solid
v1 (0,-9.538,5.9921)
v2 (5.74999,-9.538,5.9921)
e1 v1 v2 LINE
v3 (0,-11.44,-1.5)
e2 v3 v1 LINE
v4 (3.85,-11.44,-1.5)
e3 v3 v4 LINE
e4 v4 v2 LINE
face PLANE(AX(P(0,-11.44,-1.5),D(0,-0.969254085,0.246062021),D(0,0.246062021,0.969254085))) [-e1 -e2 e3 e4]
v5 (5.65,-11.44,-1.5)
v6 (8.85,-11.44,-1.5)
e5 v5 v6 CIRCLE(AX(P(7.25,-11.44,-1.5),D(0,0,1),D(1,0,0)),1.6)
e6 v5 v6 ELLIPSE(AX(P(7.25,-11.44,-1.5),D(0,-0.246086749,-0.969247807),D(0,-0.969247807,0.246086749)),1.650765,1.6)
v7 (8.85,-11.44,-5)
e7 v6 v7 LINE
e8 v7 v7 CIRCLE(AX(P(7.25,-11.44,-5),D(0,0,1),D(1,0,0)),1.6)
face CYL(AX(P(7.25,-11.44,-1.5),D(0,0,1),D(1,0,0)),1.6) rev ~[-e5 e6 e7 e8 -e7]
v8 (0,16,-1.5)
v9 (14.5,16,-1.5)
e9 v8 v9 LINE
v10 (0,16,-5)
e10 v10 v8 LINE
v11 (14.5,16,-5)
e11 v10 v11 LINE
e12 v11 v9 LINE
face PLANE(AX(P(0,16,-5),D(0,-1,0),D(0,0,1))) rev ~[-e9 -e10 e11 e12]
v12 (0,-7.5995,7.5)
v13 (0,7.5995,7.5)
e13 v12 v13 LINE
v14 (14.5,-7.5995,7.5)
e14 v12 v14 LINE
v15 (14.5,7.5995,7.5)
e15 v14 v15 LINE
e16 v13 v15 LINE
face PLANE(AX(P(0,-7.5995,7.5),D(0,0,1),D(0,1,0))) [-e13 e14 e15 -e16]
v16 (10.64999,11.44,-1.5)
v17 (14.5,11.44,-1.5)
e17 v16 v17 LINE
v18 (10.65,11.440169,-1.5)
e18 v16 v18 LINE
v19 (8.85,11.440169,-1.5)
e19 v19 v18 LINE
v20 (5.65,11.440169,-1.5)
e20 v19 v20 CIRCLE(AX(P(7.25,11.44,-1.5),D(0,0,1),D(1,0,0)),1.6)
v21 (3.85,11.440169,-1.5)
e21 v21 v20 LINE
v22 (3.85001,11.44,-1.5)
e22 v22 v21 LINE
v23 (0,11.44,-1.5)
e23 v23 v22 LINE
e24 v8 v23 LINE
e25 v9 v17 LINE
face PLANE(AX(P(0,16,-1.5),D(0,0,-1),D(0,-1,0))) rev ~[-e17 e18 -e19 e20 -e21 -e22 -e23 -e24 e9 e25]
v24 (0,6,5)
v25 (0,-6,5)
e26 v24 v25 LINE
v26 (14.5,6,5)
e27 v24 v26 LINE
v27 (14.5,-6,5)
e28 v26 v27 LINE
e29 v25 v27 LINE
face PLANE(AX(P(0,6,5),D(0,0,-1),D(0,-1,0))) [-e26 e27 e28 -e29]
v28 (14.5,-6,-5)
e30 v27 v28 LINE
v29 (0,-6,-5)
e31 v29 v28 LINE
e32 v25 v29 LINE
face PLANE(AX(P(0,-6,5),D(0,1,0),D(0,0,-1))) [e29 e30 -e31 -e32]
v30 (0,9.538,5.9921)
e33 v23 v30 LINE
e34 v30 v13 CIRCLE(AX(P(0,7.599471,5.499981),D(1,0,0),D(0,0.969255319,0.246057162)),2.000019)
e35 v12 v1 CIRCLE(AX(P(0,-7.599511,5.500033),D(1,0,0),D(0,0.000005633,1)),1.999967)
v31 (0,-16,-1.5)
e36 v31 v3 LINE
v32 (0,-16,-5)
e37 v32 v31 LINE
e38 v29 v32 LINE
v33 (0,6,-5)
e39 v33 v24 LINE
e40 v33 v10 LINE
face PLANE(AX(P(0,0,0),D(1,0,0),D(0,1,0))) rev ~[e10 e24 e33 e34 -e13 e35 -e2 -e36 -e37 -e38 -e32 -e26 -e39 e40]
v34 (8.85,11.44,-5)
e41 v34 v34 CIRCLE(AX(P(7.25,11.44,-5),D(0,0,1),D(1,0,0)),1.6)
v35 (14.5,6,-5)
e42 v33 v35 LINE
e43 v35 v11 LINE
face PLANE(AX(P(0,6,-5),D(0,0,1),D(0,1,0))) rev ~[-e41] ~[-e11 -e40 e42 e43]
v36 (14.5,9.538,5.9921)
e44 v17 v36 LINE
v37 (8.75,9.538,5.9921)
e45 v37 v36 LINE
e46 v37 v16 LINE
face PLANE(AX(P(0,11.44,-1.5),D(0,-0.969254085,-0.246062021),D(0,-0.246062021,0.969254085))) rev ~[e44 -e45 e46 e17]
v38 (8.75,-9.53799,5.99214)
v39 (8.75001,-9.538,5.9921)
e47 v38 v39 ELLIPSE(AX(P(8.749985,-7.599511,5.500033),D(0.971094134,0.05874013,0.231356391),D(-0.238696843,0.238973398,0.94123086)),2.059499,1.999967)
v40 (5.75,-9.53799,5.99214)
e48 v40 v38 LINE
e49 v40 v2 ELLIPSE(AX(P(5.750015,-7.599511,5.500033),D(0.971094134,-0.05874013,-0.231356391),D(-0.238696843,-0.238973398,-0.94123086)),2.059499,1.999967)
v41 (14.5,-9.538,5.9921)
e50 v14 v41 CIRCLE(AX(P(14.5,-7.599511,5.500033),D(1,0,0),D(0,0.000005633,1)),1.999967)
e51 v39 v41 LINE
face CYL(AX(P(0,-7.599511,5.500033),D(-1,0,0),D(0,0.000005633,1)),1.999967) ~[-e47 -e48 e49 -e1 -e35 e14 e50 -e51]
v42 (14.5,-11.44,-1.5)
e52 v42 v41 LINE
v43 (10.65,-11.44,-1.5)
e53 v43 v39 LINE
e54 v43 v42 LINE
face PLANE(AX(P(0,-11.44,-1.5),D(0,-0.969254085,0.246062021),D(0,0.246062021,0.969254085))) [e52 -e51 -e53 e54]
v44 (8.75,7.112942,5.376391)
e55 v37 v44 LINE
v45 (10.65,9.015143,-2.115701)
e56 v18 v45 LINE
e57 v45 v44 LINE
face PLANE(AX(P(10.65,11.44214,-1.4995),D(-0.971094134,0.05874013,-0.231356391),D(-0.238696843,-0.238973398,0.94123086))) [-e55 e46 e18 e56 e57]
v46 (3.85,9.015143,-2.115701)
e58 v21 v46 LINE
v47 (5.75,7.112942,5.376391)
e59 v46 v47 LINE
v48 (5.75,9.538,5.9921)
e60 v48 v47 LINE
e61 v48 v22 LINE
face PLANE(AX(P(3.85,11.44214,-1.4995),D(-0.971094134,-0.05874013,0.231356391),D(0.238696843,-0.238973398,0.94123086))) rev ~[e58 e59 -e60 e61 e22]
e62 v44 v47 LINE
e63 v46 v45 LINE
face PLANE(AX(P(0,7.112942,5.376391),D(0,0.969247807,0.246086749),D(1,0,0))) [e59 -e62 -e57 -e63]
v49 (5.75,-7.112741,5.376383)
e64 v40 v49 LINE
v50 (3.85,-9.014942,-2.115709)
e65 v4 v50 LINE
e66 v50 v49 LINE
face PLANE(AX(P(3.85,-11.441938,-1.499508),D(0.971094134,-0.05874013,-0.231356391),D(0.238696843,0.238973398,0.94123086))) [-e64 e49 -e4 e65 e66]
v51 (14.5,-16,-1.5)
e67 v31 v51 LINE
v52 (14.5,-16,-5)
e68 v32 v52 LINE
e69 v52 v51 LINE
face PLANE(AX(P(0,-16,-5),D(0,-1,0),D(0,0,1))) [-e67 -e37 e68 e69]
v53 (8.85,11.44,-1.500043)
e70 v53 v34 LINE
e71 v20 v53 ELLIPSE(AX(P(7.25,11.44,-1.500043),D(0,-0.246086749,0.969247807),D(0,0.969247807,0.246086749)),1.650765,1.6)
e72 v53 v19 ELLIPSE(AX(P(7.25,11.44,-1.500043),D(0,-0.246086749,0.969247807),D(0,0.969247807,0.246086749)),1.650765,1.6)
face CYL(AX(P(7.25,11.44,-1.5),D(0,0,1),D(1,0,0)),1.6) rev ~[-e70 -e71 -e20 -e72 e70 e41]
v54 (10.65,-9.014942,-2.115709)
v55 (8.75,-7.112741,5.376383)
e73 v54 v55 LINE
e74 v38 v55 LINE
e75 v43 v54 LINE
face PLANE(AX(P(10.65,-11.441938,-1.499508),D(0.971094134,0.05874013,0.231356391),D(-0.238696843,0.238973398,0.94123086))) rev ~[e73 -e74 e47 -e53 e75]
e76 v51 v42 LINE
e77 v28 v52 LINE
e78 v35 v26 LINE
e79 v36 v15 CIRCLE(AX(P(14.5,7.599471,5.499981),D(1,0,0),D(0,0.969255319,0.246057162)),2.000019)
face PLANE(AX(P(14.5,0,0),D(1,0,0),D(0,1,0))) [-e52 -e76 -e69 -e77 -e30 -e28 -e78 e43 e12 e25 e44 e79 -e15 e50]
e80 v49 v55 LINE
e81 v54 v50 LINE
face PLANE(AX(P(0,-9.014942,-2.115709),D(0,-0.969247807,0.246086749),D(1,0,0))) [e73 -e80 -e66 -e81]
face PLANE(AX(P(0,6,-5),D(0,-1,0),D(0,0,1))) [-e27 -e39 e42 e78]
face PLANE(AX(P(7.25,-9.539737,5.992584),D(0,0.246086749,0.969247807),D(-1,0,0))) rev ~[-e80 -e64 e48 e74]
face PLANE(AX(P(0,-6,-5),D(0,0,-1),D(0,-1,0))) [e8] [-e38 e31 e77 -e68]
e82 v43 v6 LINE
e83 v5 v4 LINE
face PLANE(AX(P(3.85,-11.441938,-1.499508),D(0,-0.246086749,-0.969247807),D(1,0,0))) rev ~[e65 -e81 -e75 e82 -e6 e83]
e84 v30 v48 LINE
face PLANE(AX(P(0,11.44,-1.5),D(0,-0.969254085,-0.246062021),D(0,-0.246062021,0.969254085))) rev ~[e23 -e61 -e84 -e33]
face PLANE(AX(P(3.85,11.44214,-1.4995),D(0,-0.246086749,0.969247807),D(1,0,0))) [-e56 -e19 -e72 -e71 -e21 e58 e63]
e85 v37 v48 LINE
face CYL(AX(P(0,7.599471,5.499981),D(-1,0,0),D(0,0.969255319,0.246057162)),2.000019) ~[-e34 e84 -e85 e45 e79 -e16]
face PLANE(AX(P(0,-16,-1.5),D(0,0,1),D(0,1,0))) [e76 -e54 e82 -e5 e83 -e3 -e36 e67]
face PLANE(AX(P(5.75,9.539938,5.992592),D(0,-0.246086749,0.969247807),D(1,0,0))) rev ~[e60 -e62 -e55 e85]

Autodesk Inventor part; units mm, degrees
ref_plane "YZ Plane" through (0, 0, 0) normal (1, 0, 0) x (0, 1, 0)
ref_plane "XZ Plane" through (0, 0, 0) normal (0, 1, 0) x (-1, 0, 0)
ref_plane "XY Plane" through (0, 0, 0) normal (0, 0, 1) x (1, 0, 0)
sketch "Sketch1" plane through (0, 0, 0) normal (1, 0, 0) x (0, 1, 0)
  line L0 (-6, -5) -> (0, -5) construction
  line L1 (6, -5) -> (6, 5)
  line L2 (6, 5) -> (-6, 5)
  line L3 (-6, 5) -> (-6, -5)
  line L4 (-6, -5) -> (6, 5) construction
  line L5 (6, -5) -> (-6, 5) construction
  line L6 (-7.5995, 7.5) -> (7.5995, 7.5)
  line L7 (9.1552, -7.5) -> (-9.1552, 7.5) construction
  line L8 (-9.1552, -7.5) -> (9.1552, 7.5) construction
  line L9 (9.1552, -7.5) -> (9, -7.5)
  line L10 (-9, -7.5) -> (-9.1552, -7.5)
  line L11 (-6, -5) -> (-16, -5)
  line L12 (-16, -5) -> (-16, -1.5)
  line L13 (-16, -1.5) -> (-11.44, -1.5)
  line L14 (-11.44, -1.5) -> (-9.538, 5.9921)
  line L15 (0, 0) -> (0, 13.1521) construction
  line L16 (9.1552, -7.5) -> (-9.1552, 7.5) construction
  line L17 (9, -7.5) -> (9.1552, -7.5)
  line L18 (6, -5) -> (16, -5)
  line L19 (16, -5) -> (16, -1.5)
  line L20 (16, -1.5) -> (11.44, -1.5)
  line L21 (11.44, -1.5) -> (9.538, 5.9921)
  arc A0 (-7.5995, 7.5) -> (-9.538, 5.9921) centre (-7.5995, 5.5) ccw
  arc A1 (9.538, 5.9921) -> (7.5995, 7.5) centre (7.5995, 5.5) ccw
  dimension "d0" = 12
  dimension "d1" = 10
  dimension "d2" = 2.5
  dimension "d3" = 10
  dimension "d4" = 3.5
  dimension "d5" = 4.56
  dimension "d6" = 2
extrude "Extrusion1" add sketch "Sketch1" along normal blind 14.5
sketch "Sketch2" plane through (0, 9.538, 5.9921) normal (0, 0.9693, 0.2461) x (1, 0, 0)
  line L0 (0, 7.7298) -> (14.5, 7.7298) projected
  line L1 (7.25, 7.7298) -> (15.5846, 7.7298) construction
  line L2 (7.25, 7.7298) -> (7.25, 0) construction
  line L3 (7.25, 0) -> (8.75, 0)
  line L4 (0, 0) -> (14.5, 0) projected
  line L5 (7.25, 0) -> (5.75, 0)
  line L6 (7.25, 7.7298) -> (10.65, 7.7298)
  line L7 (7.25, 7.7298) -> (3.85, 7.7298)
  line L8 (3.85, 7.7298) -> (5.75, 0)
  line L9 (10.65, 7.7298) -> (8.75, 0)
  point P0 (0, 3.461)
  point P1 (10.65, 7.7298)
  dimension "d13" = 1.5
  dimension "d14" = 1.5
  dimension "d15" = 3.4
  dimension "d16" = 3.4
extrude "Extrusion2" cut sketch "Sketch2" against normal blind 2.5
sketch "Sketch3" plane through (0, 11.44, -1.5) normal (0, 0, 1) x (1, 0, 0)
  line L0 (0, 4.56) -> (14.5, 4.56) construction
  line L1 (14.5, 4.56) -> (7.25, 0) construction
  line L2 (3.85, 0) -> (10.65, 0) construction
  line L3 (0, 4.56) -> (7.25, 0) construction
  circle A0 centre (7.25, 0) radius 1.6
  point P0 (0, -11.44)
  dimension "d19" = 3.2
extrude "Extrusion3" cut sketch "Sketch3" against normal blind 4
sketch "Sketch4" plane through (0, -11.44, -1.5) normal (0, -0.9693, 0.2461) x (1, 0, 0)
  line L0 (0, 0) -> (14.5, 0) projected
  line L1 (7.25, 0) -> (10.65, 0) construction
  line L2 (7.25, 0) -> (7.25, 7.6387) construction
  line L3 (7.25, 0) -> (3.85, 0) construction
  line L4 (7.25, 0) -> (10.65, 0)
  line L5 (7.25, 0) -> (3.85, 0)
  line L6 (7.25, 7.3642) -> (7.25, 7.7298) construction
  line L7 (0, 7.7298) -> (14.5, 7.7298) construction
  line L8 (7.25, 7.7298) -> (5.75, 7.7298)
  line L9 (7.25, 7.7298) -> (8.75, 7.7298)
  line L10 (3.85, 0) -> (5.75, 7.7298)
  line L11 (10.65, 0) -> (8.75, 7.7298)
  point P0 (0, 4.2688)
  dimension "d22" = 3.4
  dimension "d23" = 3.4
  dimension "d25" = 1.5
  dimension "d26" = 1.5
extrude "Extrusion4" cut sketch "Sketch4" against normal blind 2.5
sketch "Sketch5" plane through (0, -16, -1.5) normal (0, 0, 1) x (1, 0, 0)
  line L0 (0, 4.56) -> (0, 0) construction
  line L1 (0, 0) -> (7.25, 4.56) construction
  line L2 (3.85, 4.56) -> (10.65, 4.56) construction
  line L3 (14.5, 4.56) -> (14.5, 0) construction
  line L4 (14.5, 0) -> (7.25, 4.56) construction
  circle A0 centre (7.25, 4.56) radius 1.6
  point P0 (0, 16)
  dimension "d29" = 3.2
extrude "Extrusion5" cut sketch "Sketch5" against normal blind 4
properties part number "soporte_motor"
